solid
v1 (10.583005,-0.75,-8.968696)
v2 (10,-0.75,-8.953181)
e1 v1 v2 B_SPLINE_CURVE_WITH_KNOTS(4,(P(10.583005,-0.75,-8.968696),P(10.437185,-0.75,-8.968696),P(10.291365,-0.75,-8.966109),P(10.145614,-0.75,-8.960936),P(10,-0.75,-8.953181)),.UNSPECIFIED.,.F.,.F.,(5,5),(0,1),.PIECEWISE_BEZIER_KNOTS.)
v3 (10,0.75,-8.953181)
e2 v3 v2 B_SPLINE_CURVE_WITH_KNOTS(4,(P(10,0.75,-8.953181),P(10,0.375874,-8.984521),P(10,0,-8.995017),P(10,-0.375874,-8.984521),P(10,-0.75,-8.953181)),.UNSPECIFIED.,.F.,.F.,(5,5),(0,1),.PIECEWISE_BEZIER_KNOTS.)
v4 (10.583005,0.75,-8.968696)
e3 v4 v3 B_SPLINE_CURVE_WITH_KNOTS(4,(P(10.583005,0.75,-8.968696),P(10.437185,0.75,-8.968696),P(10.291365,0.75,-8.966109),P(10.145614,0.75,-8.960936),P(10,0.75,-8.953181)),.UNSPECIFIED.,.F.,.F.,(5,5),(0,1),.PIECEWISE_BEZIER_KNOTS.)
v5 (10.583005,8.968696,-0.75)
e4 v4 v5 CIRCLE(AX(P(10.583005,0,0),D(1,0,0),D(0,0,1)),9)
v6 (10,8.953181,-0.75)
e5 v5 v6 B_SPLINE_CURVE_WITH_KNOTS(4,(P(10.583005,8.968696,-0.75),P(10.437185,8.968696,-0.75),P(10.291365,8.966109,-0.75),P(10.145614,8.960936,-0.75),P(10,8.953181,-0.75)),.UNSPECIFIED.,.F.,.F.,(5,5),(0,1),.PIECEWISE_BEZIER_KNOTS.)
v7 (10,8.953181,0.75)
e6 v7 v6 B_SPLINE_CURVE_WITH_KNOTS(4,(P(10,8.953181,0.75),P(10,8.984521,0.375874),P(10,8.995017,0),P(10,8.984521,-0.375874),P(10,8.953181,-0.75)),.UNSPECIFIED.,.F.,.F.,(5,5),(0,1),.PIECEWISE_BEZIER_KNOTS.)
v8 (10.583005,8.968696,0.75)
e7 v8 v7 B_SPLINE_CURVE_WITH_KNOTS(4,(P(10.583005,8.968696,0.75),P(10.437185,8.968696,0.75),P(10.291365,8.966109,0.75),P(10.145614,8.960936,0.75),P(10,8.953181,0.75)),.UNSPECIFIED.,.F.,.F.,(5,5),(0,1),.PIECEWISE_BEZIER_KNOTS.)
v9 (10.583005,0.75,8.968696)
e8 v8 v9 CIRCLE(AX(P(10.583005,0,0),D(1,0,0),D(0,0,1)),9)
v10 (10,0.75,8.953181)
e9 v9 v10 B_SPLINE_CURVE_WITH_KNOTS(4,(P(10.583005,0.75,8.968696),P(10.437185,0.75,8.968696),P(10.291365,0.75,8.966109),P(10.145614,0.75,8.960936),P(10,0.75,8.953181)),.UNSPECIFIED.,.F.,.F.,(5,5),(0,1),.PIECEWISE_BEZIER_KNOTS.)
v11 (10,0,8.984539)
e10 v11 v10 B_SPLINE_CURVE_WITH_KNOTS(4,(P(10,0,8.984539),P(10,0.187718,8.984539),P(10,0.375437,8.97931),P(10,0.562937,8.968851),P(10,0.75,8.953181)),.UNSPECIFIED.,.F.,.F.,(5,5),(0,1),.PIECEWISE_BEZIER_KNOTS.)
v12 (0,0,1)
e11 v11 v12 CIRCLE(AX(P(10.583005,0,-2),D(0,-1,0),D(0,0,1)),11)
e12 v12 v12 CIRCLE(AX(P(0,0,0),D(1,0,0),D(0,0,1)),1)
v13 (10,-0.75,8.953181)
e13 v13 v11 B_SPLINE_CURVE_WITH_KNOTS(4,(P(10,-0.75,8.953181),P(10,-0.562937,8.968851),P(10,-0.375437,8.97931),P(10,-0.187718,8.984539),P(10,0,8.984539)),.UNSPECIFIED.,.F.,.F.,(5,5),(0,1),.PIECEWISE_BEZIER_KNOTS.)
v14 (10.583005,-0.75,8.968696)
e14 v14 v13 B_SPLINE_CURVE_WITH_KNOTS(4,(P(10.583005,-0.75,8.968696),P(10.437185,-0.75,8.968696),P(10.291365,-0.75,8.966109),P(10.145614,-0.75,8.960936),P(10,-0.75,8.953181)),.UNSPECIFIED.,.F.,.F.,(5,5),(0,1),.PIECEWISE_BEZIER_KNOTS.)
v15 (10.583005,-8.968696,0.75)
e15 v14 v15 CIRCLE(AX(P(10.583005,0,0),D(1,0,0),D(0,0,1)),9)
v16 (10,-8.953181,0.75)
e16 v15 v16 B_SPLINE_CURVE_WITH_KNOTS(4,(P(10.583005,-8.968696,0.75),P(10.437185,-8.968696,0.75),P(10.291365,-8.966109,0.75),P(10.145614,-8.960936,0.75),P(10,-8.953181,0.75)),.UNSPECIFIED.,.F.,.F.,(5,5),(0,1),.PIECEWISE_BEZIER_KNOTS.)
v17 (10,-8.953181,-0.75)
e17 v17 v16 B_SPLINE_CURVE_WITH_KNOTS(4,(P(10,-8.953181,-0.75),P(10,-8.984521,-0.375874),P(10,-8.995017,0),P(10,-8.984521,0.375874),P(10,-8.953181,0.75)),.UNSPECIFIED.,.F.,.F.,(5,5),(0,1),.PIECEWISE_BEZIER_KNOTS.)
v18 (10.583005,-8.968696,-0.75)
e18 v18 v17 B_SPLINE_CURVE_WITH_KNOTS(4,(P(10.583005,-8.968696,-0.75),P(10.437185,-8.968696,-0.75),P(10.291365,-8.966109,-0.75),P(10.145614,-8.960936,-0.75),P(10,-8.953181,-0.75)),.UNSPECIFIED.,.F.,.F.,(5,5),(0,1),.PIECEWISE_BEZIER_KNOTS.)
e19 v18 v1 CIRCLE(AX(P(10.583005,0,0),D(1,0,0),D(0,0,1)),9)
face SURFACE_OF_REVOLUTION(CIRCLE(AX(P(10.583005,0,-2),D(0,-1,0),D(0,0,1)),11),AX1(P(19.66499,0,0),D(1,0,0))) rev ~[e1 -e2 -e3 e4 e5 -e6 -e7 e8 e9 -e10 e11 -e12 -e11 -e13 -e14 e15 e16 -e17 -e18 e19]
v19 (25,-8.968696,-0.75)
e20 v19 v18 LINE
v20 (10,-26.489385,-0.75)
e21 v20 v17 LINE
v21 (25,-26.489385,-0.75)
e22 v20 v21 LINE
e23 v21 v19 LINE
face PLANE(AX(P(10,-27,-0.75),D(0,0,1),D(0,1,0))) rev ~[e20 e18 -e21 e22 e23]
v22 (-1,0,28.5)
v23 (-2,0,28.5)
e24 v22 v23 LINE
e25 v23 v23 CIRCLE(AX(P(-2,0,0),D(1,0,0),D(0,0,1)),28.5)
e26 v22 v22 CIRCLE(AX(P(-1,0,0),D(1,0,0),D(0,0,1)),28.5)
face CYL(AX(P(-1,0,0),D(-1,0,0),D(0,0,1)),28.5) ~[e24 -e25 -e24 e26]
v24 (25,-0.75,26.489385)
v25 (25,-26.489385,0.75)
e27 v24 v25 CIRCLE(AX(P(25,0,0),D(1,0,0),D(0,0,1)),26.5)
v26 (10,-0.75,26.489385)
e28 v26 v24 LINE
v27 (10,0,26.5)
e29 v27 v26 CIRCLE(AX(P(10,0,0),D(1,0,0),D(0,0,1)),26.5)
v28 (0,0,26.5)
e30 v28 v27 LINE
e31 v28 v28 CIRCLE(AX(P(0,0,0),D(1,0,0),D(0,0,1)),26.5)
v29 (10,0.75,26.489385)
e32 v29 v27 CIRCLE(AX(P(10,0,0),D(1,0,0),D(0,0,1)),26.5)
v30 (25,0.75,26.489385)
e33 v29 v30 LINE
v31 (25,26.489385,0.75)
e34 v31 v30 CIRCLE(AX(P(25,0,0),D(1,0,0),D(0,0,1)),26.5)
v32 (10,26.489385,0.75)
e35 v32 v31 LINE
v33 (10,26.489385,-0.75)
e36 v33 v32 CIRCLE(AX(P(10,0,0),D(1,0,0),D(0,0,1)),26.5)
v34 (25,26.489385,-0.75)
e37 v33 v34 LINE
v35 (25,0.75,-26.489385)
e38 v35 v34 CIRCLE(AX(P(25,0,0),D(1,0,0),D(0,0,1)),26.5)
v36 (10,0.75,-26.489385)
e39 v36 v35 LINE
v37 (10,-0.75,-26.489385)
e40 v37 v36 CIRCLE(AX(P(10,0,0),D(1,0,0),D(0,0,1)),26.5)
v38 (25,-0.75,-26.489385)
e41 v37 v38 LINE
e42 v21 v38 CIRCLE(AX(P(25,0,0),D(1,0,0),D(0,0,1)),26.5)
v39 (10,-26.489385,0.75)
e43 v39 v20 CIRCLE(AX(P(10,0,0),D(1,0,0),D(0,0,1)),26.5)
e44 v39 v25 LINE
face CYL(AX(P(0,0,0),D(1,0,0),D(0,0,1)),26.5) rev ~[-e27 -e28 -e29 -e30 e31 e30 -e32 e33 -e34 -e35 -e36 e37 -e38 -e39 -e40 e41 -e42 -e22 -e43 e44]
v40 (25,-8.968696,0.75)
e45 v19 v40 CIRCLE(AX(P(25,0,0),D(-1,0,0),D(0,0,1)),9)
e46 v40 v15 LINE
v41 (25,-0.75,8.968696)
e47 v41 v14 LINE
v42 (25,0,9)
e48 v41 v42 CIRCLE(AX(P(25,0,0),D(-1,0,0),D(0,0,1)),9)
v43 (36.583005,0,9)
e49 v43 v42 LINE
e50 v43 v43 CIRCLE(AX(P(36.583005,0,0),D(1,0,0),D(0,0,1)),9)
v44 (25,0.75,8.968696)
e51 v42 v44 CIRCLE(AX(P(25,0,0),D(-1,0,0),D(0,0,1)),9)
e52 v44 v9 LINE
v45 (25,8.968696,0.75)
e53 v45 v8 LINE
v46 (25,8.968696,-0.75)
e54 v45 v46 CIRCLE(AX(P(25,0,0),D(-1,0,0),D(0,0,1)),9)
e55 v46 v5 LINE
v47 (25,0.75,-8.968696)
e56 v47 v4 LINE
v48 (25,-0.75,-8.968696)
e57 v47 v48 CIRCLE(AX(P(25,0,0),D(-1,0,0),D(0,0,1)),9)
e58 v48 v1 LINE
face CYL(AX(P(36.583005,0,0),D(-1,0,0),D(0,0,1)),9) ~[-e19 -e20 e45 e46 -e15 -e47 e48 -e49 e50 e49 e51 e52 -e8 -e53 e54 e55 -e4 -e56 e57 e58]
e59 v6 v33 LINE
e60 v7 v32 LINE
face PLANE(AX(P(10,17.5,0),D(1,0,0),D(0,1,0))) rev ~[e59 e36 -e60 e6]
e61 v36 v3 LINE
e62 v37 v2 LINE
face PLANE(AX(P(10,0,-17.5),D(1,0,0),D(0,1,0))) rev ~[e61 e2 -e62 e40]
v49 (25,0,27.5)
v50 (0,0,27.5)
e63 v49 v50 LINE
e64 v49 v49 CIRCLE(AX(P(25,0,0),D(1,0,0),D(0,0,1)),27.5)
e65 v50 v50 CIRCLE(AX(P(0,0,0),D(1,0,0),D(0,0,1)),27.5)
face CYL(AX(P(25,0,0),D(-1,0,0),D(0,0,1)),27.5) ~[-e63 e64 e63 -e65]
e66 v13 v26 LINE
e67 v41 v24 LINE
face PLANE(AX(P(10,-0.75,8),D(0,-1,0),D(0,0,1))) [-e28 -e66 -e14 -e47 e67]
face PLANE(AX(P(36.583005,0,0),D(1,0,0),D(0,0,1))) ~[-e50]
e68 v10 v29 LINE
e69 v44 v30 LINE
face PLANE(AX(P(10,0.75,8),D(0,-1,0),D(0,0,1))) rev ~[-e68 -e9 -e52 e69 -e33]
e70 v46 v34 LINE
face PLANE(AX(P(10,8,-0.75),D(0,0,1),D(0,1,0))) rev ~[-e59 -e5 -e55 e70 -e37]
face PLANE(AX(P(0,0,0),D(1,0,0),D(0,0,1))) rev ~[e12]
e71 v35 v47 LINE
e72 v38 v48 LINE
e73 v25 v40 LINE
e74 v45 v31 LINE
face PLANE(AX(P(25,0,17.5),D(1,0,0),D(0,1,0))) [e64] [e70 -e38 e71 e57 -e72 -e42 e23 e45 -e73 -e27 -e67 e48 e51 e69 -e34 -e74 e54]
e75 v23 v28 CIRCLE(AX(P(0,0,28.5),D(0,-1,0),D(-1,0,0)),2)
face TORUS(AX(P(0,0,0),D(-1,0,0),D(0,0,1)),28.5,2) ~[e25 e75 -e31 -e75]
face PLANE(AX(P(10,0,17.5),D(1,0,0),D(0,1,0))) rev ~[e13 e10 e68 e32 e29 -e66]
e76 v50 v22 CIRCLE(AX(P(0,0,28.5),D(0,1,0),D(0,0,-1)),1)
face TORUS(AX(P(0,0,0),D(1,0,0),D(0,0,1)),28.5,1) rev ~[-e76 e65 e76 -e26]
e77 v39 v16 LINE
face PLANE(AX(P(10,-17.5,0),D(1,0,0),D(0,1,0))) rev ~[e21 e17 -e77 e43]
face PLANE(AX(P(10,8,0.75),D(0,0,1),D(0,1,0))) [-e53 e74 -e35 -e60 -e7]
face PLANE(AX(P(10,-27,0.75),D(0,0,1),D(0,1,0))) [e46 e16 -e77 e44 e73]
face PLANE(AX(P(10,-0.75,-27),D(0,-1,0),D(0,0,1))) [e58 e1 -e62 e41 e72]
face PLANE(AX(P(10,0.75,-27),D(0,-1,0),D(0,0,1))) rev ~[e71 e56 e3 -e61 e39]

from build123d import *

# Parameters (mm, degrees)
F3_START = 10
F2_W     = 1.5
F2_H     = 19
F2_W_2   = 19
F2_H_2   = 1.5
F3_DEPTH = 15


with BuildPart() as f1:
    # F0 (on Front) → F1 (revolve)
    with BuildSketch(Plane.XZ):
        with BuildLine():
            ThreePointArc((-2, 28.5), (-1.4142135624, 27.0857864376), (0, 26.5))
            Line((0, 26.5), (25, 26.5))
            Line((25, 26.5), (25, 27.5))
            Line((25, 27.5), (0, 27.5))
            ThreePointArc((0, 27.5), (-0.7071067812, 27.7928932188), (-1, 28.5))
            Line((-1, 28.5), (-2, 28.5))
        make_face()
    revolve(axis=Axis((19.6649903227, 0, 0), (1, 0, 0)))



with BuildPart() as f1b:
    # F0 (on Front) → F1, piece 2 (revolve)
    with BuildSketch(Plane.XZ):
        with BuildLine():
            Line((0, 1), (0, 0))
            Line((0, 0), (36.5830052443, 0))
            Line((36.5830052443, 0), (36.5830052443, 9))
            Line((36.5830052443, 9), (10.5830052443, 9))
            ThreePointArc((10.5830052443, 9), (3.9497556635, 6.7749643874), (0, 1))
        make_face()
    revolve(axis=Axis((19.6649903227, 0, 0), (1, 0, 0)))


with BuildPart() as f1_1:
    add(f1.part)

    add(f1b.part)  # F3 merges F1b
    # F2 (on Right) → F3 (join)
    with BuildSketch(Plane.YZ.offset(F3_START)):
        with Locations((0, 17.5)):
            Rectangle(F2_W, F2_H)
        with Locations((-17.5, 0)):
            Rectangle(F2_W_2, F2_H_2)
        with Locations((0, -17.5)):
            Rectangle(F2_W, F2_H)
        with Locations((17.5, 0)):
            Rectangle(F2_W_2, F2_H_2)
    extrude(amount=F3_DEPTH)


solid = f1_1.part
